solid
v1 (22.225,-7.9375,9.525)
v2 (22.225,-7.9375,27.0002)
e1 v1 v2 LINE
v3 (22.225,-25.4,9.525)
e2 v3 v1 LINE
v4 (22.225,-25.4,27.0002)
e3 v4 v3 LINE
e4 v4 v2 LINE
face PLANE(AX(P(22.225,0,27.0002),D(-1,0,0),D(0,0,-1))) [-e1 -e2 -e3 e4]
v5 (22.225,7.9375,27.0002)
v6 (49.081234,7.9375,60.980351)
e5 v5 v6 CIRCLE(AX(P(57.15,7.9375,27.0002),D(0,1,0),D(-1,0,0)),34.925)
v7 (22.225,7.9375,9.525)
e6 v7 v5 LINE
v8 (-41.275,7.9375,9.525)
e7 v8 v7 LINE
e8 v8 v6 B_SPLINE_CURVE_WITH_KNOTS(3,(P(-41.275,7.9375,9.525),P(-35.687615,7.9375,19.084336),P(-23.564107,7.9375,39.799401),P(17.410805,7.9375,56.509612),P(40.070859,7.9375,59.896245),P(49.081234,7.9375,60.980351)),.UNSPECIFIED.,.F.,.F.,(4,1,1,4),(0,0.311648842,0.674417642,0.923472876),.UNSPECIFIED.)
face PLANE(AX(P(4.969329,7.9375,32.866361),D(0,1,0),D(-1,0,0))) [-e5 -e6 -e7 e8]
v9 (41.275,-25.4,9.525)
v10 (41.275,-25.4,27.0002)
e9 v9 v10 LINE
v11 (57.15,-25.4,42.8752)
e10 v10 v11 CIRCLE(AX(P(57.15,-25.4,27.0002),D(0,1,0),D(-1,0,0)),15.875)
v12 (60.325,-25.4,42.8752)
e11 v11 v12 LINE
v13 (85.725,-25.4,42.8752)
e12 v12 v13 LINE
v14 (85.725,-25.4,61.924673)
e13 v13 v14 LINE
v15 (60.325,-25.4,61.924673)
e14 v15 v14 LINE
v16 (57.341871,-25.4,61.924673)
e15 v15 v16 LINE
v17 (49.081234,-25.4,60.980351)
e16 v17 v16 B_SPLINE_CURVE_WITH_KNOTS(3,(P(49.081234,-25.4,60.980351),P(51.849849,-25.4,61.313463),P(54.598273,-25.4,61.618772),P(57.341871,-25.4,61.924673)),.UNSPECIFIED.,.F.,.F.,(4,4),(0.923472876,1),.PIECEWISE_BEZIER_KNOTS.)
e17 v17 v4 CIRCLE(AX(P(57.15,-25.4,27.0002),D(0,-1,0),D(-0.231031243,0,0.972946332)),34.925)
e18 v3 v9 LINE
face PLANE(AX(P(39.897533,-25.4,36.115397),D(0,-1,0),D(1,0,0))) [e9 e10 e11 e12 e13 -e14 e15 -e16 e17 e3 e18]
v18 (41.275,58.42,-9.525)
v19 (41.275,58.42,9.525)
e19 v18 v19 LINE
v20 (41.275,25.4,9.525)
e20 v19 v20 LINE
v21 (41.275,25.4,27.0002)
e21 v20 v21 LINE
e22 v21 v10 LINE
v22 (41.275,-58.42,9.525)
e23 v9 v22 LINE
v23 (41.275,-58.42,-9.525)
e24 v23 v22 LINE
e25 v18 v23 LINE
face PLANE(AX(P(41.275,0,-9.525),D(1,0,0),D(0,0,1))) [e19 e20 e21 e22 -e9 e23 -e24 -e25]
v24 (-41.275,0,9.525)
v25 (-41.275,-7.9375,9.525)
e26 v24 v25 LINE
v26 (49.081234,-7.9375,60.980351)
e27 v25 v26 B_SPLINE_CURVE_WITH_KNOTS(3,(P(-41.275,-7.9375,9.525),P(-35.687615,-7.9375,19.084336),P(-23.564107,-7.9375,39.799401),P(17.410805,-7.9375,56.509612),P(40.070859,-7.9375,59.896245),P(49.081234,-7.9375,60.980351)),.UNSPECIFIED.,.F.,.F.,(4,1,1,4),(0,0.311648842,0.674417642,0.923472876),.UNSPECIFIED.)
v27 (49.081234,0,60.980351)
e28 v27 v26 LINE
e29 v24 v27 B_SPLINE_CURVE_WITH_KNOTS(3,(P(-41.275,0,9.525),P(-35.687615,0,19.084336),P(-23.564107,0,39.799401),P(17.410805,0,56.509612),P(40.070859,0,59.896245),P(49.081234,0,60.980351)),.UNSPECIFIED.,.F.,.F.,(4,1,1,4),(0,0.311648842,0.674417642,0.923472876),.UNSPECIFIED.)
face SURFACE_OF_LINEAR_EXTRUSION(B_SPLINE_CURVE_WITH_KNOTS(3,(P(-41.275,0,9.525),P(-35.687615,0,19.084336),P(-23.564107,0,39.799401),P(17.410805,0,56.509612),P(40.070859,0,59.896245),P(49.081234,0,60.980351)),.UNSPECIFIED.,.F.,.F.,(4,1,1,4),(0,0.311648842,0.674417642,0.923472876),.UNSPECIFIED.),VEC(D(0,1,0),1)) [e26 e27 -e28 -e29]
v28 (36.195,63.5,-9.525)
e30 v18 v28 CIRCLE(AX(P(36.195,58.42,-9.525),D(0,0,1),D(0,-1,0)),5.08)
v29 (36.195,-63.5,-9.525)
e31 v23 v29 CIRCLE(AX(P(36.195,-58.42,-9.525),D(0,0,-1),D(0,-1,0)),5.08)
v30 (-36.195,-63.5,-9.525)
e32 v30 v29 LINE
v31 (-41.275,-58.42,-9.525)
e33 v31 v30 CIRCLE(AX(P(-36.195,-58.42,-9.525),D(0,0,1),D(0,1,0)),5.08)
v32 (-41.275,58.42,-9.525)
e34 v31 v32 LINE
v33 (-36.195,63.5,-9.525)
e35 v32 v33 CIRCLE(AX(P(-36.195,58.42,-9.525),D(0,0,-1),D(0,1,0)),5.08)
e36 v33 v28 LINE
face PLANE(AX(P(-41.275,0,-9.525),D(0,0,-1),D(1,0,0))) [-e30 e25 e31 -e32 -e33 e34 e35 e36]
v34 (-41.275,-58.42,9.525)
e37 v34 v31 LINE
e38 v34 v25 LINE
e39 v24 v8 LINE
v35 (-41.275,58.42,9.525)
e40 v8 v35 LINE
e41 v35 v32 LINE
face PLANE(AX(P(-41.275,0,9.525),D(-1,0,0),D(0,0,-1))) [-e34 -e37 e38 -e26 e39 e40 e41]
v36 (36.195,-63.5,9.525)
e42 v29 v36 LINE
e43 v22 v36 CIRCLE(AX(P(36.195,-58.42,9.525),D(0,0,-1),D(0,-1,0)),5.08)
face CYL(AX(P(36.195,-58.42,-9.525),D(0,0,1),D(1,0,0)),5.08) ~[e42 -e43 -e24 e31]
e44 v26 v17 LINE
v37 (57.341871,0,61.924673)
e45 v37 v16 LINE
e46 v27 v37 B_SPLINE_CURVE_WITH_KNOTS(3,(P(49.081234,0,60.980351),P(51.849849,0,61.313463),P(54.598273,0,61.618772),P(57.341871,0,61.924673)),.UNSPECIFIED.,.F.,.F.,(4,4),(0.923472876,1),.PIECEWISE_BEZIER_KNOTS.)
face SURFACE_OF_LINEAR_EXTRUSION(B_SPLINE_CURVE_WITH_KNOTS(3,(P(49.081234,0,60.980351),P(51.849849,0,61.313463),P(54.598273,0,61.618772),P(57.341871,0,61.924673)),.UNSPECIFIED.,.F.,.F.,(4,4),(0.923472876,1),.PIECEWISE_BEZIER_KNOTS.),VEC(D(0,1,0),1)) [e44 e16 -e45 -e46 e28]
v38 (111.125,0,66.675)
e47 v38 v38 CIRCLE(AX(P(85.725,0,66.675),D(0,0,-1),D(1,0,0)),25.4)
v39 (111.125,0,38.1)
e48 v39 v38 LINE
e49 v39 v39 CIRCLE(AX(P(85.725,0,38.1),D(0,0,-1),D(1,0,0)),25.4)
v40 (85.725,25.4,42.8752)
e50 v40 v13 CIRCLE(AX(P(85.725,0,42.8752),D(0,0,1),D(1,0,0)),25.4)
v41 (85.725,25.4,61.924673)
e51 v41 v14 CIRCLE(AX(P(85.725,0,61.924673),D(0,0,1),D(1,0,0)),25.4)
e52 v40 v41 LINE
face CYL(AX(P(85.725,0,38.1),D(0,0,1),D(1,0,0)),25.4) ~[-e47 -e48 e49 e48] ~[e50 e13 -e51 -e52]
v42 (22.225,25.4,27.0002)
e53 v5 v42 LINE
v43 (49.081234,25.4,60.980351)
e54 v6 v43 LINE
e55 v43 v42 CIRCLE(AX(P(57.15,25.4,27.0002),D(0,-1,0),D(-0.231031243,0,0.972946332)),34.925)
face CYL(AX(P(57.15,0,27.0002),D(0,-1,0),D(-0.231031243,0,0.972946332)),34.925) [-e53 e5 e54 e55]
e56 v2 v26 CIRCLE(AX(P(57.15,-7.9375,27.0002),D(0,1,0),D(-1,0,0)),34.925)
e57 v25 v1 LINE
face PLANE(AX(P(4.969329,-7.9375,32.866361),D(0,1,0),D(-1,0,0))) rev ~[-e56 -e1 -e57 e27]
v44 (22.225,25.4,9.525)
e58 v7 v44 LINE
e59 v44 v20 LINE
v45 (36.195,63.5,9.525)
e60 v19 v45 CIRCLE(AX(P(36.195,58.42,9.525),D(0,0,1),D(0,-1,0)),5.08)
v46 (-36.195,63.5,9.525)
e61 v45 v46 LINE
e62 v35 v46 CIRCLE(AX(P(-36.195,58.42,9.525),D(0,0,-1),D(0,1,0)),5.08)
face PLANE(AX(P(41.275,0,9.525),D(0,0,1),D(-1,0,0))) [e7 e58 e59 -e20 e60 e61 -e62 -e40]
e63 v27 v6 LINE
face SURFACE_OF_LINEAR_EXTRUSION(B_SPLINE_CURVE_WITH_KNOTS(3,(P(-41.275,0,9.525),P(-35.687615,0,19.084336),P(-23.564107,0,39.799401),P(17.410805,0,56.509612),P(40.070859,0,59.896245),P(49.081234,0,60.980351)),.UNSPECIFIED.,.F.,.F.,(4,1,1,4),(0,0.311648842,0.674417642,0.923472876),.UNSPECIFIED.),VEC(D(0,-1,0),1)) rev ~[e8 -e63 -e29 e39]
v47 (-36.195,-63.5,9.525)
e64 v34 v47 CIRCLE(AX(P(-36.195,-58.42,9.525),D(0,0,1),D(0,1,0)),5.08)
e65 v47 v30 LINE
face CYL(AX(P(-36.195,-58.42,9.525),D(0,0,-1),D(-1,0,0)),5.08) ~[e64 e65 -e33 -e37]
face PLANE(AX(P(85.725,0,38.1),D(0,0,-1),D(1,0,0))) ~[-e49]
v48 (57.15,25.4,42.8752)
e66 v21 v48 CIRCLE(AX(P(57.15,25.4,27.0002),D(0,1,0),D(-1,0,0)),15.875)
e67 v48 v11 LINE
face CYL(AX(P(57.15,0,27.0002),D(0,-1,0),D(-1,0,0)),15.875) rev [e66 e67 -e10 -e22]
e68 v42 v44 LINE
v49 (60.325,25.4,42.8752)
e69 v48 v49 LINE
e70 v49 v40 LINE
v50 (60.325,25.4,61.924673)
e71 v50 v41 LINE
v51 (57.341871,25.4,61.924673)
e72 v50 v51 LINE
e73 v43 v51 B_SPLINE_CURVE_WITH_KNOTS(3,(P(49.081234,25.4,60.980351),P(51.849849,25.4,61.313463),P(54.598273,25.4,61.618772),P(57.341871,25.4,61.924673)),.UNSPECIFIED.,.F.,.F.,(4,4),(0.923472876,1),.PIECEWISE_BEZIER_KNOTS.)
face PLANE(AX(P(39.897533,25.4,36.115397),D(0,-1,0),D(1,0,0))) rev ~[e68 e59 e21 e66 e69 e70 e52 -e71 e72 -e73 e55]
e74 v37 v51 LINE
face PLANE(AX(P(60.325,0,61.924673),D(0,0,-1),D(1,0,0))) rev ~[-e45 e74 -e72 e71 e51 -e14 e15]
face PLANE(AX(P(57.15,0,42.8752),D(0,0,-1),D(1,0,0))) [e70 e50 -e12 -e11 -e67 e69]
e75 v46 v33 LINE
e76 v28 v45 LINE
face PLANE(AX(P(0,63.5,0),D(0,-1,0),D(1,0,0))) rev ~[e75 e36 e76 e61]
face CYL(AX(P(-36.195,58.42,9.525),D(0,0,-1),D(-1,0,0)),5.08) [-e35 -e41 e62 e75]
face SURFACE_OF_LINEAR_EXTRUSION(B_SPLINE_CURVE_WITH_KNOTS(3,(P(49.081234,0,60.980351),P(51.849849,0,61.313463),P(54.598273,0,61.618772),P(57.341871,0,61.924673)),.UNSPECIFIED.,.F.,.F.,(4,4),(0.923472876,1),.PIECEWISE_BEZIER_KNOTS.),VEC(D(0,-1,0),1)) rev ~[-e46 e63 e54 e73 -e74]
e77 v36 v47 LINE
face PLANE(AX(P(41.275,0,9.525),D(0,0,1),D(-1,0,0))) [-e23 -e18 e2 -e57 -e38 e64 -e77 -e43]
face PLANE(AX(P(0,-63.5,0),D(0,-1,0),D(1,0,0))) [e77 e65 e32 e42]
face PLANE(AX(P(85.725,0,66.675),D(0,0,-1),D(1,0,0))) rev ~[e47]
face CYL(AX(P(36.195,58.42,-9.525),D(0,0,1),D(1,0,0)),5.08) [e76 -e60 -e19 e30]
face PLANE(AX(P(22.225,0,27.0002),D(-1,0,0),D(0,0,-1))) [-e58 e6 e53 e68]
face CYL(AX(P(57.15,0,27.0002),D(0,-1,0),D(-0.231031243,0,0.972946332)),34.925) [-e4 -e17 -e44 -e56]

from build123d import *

# Parameters (mm, degrees)
F1_DEPTH = 63.5
F0_W     = 25.4
F0_H     = 19.0494729435
F2_DEPTH = 25.4
F3_DEPTH = 7.9375
F5_R     = 5.08


with BuildPart() as f1:
    # F0 (on Front) → F1 (new body, symmetric)
    with BuildSketch(Plane.XZ):
        Polygon((-41.275, -9.525), (41.275, -9.525), (41.275, 9.525), (22.225, 9.525), (-41.275, 9.525), align=None)
    extrude(amount=F1_DEPTH, both=True)

    # F0 (on Front) → F2 (join, symmetric)
    with BuildSketch(Plane.XZ):
        with BuildLine():
            Line((22.225, 9.525), (41.275, 9.525))
            Line((41.275, 9.525), (41.275, 27.0002))
            ThreePointArc((41.275, 27.0002), (45.9246798487, 38.2255201513), (57.15, 42.8752))
            Line((57.15, 42.8752), (60.325, 42.8752))
            Line((60.325, 42.8752), (60.325, 61.9246729435))
            Line((60.325, 61.9246729435), (57.3418713593, 61.9246729435))
            add(Edge.make_bspline(
                [(49.0812338438, 60.9803506429), (51.8498488653, 61.3134633904), (54.5982729036, 61.6187718243), (57.3418713593, 61.9246729435)],
                knots=[0.9234728765, 0.9234728765, 0.9234728765, 0.9234728765, 1, 1, 1, 1], degree=3))
            ThreePointArc((49.0812338438, 60.9803506429), (29.7496598287, 48.6560764195), (22.225, 27.0002))
            Line((22.225, 27.0002), (22.225, 9.525))
        make_face()
        with Locations((73.025, 52.3999364718)):
            Rectangle(F0_W, F0_H)
    extrude(amount=F2_DEPTH, both=True)

    # F0 (on Front) → F3 (join, symmetric)
    with BuildSketch(Plane.XZ):
        with BuildLine():
            add(Edge.make_bspline(
                [(-41.275, 9.525), (-35.6876151592, 19.084335553), (-23.5641065751, 39.7994014349), (17.4108050565, 56.5096118561), (40.0708590665, 59.8962451699), (49.0812338438, 60.9803506429)],
                knots=[0, 0, 0, 0, 0.3116488423, 0.6744176422, 0.9234728765, 0.9234728765, 0.9234728765, 0.9234728765], degree=3))
            Line((-41.275, 9.525), (22.225, 9.525))
            Line((22.225, 9.525), (22.225, 27.0002))
            ThreePointArc((22.225, 27.0002), (29.7496598287, 48.6560764195), (49.0812338438, 60.9803506429))
        make_face()
    extrude(amount=F3_DEPTH, both=True)

    # F0 (on Front) → F4 (revolve)
    with BuildSketch(Plane.XZ):
        Polygon((85.725, 61.9246729435), (85.725, 42.8752), (85.725, 38.1), (111.125, 38.1), (111.125, 66.675), (85.725, 66.675), align=None)
    revolve(axis=Axis((85.725, 0, 52.3875), (0, 0, -1)))

    # F5
    f5_edges = [f1.edges().sort_by_distance(p)[0] for p in [
        (41.275, -63.5, 0),
        (-41.275, -63.5, 0),
        (-41.275, 63.5, 0),
        (41.275, 63.5, 0),
    ]]
    fillet(f5_edges, radius=F5_R)


solid = f1.part
